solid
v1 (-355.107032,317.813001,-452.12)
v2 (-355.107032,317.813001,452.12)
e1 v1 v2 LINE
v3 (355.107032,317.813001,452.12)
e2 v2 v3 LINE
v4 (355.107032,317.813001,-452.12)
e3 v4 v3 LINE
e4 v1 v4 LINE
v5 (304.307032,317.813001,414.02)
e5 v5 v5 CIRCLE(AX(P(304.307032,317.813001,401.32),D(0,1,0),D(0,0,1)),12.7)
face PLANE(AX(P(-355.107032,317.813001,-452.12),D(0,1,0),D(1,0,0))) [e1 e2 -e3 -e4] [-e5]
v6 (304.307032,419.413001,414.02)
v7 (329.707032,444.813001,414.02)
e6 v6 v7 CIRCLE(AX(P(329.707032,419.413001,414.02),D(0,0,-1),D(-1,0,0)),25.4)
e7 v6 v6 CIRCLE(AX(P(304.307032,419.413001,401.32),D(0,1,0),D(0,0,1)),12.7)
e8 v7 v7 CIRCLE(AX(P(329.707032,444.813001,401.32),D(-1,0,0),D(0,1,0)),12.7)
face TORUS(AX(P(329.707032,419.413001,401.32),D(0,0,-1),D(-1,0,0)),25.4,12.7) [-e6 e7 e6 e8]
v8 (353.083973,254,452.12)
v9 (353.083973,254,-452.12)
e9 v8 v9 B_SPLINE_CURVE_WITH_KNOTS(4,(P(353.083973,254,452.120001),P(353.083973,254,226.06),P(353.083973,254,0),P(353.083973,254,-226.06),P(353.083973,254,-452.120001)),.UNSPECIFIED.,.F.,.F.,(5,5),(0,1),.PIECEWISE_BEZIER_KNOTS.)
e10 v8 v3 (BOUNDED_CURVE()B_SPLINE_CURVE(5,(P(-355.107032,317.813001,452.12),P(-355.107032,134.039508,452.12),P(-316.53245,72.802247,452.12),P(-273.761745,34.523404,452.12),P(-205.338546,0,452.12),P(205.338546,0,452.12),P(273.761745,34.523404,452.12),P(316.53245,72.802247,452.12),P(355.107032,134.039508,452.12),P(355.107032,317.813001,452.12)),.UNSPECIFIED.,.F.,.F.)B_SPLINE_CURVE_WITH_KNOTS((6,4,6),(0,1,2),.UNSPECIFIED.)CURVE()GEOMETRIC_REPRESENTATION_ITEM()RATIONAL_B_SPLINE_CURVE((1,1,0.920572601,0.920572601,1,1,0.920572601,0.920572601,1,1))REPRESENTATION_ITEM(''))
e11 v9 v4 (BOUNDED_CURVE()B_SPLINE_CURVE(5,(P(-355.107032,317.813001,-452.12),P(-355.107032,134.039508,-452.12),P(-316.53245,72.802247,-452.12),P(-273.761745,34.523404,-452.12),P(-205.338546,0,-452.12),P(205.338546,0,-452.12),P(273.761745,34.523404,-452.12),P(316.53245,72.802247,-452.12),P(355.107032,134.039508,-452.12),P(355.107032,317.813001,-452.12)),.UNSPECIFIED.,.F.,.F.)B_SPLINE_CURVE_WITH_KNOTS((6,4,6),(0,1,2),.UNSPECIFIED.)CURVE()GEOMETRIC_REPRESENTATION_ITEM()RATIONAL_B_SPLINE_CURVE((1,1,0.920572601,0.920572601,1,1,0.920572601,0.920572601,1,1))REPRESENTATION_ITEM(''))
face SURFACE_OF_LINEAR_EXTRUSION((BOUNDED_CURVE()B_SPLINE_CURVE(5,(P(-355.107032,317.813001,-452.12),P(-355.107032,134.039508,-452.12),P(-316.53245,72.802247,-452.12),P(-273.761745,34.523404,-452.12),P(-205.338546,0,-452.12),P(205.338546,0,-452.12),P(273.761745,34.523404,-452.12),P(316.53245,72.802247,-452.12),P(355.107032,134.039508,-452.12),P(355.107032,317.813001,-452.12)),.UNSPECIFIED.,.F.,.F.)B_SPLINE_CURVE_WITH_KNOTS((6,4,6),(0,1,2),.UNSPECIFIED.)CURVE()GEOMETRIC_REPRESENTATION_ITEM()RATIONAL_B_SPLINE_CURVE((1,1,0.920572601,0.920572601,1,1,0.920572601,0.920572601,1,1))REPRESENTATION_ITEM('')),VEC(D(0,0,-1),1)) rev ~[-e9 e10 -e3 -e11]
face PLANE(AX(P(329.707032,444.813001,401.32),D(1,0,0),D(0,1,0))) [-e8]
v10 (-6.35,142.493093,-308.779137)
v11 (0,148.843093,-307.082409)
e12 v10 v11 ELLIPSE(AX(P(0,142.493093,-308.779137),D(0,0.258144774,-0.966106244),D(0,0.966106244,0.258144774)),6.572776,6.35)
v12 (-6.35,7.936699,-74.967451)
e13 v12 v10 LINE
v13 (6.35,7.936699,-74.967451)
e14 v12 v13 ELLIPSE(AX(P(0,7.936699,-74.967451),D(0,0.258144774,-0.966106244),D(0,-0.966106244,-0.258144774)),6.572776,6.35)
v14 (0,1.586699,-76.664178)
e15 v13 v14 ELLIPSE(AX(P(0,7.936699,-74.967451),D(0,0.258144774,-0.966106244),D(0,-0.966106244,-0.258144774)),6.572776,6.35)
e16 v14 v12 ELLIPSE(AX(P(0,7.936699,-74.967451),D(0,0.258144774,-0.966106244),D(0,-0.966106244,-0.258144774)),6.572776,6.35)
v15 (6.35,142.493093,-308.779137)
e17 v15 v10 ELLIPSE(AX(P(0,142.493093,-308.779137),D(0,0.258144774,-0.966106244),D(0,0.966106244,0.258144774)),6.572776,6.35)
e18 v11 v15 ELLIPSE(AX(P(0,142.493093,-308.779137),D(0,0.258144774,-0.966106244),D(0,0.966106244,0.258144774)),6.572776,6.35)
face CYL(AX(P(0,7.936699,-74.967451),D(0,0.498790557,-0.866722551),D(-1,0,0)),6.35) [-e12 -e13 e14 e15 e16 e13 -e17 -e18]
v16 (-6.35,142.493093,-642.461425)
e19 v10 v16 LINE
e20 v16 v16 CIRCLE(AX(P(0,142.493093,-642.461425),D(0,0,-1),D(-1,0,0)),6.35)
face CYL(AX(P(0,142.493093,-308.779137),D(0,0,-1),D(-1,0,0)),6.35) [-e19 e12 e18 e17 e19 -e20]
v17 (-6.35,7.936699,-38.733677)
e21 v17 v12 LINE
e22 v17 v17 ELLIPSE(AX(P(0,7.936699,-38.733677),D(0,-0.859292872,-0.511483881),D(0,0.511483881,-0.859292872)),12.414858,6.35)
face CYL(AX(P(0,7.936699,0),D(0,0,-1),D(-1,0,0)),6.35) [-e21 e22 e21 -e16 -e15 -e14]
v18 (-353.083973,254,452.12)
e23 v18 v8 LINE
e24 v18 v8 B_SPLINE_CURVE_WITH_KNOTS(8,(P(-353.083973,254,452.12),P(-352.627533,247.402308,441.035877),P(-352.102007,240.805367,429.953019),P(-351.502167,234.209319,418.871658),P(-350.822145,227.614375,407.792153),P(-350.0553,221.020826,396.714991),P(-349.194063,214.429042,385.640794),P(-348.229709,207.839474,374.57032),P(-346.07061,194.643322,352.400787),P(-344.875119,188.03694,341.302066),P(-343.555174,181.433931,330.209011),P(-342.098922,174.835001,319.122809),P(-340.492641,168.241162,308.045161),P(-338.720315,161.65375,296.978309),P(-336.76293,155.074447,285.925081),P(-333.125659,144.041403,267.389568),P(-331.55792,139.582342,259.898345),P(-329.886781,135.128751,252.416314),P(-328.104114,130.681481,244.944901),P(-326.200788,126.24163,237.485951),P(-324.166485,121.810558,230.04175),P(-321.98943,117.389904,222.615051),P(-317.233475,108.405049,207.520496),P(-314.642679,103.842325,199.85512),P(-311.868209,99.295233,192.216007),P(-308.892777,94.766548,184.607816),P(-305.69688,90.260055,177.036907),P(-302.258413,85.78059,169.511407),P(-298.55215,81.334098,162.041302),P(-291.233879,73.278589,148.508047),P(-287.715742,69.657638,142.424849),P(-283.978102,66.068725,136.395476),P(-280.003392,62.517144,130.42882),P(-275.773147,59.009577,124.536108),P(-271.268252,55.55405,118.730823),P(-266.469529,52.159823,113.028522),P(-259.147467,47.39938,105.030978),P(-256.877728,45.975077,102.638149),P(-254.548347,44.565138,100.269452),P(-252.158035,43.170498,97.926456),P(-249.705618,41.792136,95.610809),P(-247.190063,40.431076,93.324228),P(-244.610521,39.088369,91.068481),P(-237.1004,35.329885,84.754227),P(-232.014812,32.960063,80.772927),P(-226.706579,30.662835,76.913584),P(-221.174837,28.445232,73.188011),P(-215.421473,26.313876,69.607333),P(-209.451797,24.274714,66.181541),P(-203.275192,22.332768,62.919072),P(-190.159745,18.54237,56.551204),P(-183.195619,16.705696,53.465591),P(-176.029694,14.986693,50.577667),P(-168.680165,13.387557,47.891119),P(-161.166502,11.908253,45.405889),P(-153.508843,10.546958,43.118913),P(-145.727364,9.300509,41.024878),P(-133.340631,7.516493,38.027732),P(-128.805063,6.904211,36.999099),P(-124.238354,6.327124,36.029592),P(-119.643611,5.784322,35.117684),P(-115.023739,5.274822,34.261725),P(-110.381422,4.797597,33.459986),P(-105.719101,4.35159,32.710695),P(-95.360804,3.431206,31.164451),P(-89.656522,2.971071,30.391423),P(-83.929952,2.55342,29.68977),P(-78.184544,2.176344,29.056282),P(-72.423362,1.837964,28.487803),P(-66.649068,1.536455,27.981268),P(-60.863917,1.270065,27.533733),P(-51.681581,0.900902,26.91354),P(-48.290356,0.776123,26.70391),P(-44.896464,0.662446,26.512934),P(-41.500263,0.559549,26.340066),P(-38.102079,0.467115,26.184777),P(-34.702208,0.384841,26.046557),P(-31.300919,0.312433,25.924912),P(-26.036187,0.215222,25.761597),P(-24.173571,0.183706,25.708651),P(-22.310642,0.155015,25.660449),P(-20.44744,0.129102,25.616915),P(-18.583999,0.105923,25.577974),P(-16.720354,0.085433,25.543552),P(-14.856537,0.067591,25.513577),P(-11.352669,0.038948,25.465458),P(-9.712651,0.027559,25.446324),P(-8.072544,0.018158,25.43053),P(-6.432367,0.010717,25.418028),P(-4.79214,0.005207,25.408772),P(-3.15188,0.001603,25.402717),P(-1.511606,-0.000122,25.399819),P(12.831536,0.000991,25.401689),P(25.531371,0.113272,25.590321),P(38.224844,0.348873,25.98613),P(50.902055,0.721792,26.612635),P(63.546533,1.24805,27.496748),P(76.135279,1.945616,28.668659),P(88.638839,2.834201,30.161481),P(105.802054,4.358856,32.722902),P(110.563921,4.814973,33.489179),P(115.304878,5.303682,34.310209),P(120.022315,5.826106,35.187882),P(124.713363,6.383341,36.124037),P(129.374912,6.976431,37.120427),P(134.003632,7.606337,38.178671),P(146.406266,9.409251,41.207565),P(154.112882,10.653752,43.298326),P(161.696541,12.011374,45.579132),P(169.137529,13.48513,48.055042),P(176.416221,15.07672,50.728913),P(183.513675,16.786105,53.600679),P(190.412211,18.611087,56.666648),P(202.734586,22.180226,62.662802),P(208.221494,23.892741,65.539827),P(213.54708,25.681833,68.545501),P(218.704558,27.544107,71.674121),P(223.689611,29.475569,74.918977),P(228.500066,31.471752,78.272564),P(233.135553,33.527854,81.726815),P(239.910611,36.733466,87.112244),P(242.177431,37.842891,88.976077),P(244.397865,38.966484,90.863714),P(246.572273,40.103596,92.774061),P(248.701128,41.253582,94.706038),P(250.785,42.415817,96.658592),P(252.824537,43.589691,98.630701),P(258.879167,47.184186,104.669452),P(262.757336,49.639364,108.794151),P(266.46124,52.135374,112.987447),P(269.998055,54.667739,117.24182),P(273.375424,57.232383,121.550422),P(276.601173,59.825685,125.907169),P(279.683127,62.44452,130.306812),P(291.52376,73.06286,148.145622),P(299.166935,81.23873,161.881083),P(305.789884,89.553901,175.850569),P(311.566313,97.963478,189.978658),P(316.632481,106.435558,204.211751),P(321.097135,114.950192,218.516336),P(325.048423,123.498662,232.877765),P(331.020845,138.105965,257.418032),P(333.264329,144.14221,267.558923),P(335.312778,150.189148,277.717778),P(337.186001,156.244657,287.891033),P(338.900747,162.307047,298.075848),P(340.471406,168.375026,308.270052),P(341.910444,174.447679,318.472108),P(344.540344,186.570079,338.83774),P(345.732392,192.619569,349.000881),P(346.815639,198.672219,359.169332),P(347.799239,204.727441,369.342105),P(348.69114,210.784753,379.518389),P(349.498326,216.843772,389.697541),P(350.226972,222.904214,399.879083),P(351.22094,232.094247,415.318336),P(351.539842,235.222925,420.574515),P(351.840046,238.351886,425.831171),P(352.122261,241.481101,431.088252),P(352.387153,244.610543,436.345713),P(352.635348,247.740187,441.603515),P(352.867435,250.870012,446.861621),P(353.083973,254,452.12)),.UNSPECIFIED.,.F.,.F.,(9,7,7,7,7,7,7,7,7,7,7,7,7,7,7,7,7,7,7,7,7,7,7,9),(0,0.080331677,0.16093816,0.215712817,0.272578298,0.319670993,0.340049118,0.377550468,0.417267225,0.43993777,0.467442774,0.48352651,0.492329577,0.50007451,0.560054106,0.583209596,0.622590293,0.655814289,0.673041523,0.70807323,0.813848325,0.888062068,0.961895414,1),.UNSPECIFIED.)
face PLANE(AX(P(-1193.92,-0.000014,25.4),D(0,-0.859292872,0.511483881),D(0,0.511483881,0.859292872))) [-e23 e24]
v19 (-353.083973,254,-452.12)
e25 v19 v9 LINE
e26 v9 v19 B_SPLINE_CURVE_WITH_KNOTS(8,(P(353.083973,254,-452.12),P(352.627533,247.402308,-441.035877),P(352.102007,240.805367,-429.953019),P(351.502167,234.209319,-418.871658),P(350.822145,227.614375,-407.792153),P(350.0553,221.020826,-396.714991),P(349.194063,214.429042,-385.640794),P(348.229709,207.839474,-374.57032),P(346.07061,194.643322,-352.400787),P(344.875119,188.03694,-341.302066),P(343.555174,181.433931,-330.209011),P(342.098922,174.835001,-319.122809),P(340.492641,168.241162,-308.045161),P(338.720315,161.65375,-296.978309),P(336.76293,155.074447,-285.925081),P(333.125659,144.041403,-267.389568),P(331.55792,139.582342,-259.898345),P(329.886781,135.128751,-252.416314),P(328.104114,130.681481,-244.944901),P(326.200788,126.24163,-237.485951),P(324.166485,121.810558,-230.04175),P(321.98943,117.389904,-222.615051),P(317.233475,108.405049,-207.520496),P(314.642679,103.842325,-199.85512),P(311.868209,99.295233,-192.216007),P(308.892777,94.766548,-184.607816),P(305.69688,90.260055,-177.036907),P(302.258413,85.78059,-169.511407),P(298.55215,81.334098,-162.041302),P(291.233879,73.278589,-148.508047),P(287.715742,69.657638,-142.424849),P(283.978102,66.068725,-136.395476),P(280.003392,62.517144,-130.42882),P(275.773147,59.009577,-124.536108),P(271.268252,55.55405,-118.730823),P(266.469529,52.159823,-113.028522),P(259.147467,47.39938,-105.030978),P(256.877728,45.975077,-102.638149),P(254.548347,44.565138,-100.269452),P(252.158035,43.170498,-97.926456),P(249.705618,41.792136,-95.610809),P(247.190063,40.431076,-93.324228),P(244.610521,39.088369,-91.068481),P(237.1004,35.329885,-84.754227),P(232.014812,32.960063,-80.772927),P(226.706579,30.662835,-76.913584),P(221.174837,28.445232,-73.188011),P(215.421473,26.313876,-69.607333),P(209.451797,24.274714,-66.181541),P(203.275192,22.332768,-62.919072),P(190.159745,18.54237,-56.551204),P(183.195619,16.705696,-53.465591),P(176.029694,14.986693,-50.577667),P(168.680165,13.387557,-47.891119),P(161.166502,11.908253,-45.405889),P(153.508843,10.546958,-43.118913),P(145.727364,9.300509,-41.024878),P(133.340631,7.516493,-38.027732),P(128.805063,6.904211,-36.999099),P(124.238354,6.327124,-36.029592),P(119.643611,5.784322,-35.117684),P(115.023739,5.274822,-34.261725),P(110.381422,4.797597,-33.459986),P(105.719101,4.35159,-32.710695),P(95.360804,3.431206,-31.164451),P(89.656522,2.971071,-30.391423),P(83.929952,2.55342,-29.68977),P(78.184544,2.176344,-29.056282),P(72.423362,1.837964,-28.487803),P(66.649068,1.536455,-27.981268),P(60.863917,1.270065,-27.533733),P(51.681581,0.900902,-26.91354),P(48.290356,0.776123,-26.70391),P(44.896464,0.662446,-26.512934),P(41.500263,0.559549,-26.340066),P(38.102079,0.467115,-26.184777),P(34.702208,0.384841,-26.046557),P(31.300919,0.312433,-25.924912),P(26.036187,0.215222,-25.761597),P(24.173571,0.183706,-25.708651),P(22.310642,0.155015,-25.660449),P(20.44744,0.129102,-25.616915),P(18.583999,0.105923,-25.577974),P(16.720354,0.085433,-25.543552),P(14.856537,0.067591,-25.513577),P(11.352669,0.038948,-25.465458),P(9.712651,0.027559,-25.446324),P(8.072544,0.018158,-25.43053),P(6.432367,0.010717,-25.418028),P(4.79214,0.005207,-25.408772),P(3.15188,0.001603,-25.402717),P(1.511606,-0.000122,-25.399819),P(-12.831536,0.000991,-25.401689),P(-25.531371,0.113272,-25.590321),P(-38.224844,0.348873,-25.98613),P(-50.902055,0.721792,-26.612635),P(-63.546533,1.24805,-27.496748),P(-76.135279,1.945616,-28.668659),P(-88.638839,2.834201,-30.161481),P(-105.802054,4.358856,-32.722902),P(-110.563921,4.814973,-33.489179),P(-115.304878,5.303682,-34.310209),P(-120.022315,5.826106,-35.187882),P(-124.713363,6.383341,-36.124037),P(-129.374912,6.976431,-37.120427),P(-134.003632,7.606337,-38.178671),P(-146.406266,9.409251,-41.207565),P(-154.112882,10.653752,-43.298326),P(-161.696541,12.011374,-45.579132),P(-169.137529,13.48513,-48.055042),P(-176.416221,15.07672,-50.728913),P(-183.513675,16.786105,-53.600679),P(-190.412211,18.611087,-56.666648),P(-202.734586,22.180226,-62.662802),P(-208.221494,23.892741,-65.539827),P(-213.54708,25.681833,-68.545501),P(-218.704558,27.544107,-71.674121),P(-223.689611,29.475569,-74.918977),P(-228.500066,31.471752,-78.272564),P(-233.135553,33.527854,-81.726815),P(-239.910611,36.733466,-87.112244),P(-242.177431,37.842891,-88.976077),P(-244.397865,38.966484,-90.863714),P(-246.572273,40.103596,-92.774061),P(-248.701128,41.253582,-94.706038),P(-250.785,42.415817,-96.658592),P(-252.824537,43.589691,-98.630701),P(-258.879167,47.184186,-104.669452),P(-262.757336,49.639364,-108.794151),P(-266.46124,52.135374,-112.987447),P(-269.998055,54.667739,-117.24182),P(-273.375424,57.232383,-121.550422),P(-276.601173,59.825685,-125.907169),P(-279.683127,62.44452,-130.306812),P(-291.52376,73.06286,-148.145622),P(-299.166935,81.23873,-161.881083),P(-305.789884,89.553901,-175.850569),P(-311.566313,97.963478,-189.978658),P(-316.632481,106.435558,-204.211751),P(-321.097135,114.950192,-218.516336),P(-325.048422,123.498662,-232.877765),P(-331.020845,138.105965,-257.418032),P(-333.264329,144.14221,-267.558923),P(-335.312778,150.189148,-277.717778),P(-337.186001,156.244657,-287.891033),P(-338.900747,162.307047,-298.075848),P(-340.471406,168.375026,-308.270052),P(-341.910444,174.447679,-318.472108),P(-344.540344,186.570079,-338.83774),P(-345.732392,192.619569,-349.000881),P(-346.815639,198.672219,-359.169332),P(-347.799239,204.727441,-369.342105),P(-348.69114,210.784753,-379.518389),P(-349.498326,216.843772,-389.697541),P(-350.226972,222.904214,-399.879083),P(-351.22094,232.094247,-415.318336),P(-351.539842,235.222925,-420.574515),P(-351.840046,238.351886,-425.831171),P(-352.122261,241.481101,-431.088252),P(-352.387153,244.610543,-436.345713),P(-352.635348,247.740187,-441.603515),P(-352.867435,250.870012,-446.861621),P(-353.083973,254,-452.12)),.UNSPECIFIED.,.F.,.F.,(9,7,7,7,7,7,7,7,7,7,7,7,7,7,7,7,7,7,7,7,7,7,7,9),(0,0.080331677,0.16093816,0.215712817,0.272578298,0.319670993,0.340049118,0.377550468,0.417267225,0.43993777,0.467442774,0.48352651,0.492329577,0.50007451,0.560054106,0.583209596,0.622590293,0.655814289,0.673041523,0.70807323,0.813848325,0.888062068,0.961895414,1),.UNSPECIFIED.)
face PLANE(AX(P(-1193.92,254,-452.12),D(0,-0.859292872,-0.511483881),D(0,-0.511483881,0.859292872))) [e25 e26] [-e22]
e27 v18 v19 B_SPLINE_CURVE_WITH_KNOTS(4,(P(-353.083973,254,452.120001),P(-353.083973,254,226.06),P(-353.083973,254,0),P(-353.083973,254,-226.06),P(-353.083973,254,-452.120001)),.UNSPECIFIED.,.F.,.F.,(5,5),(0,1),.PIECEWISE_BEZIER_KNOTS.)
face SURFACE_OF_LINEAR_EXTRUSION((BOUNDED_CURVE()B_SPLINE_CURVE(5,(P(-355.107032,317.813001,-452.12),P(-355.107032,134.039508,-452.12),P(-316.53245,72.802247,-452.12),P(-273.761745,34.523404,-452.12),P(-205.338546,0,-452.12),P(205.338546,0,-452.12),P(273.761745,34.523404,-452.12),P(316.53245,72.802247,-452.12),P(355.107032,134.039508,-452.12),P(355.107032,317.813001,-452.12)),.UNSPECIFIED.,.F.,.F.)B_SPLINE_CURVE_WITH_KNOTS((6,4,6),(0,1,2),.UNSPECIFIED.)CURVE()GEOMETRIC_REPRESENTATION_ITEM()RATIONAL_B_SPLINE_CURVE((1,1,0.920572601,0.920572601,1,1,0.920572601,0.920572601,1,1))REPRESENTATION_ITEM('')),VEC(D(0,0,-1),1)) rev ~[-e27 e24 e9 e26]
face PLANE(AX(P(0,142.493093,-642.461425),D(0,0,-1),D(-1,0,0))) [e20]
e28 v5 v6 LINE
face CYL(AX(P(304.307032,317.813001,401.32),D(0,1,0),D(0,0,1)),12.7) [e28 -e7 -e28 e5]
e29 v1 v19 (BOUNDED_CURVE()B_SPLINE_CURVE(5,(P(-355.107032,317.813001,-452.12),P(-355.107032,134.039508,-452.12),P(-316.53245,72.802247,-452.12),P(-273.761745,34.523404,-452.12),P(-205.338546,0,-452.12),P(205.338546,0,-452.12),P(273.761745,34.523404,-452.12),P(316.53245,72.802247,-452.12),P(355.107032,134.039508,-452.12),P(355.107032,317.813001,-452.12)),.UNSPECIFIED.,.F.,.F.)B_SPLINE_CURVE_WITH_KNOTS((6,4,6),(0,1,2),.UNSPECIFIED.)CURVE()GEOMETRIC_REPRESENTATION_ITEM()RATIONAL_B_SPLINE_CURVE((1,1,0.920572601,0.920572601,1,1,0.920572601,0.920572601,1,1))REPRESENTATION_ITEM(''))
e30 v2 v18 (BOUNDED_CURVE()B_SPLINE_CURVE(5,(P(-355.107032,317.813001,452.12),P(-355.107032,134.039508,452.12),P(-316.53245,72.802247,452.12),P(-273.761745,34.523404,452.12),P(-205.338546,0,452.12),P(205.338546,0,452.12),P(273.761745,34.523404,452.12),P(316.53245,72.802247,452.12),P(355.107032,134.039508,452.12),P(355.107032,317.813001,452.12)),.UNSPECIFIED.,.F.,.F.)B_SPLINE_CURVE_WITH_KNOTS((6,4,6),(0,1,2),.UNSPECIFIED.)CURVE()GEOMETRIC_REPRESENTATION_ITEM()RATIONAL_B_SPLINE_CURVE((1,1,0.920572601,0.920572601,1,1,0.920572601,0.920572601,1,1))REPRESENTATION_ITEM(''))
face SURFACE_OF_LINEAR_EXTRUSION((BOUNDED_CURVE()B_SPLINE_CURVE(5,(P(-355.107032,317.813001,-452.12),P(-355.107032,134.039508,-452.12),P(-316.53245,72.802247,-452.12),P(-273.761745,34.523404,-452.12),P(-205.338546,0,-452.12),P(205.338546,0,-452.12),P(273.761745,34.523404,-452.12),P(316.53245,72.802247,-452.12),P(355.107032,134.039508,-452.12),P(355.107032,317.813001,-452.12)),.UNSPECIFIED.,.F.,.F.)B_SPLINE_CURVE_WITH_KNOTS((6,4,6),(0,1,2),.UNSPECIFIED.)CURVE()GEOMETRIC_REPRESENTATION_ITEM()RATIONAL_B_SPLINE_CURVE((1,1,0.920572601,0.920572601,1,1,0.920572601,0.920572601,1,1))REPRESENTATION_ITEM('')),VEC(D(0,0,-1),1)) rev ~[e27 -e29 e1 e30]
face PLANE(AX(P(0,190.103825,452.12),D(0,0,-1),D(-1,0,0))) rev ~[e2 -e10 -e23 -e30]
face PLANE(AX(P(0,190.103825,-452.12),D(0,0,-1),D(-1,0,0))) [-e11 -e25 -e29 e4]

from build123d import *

# Parameters (mm, degrees)
BOSS_EXTRUDE1_DEPTH      = 452.12
BOSS_EXTRUDE1_DEPTH_BACK = 452.12
SPLIT1_SURFACE_1_BACK    = 1193.92
SPLIT1_SURFACE_1_DEPTH   = 2387.84
SPLIT1_SURFACE_2_BACK    = 1193.92
SPLIT1_SURFACE_2_DEPTH   = 2387.84
SPLIT2_SURFACE_3_BACK    = 1193.92
SPLIT2_SURFACE_3_DEPTH   = 2387.84
SWEEP2_PROFILE_R         = 12.7
SWEEP3_PROFILE_R         = 6.35


with BuildPart() as part:
    # Sketch1 → Boss-Extrude1 (new, two sides: drawn at the far end of the back side and taken through both)
    with BuildSketch(Plane.XY.offset(-BOSS_EXTRUDE1_DEPTH_BACK)):
        with BuildLine():
            Line((-355.107031778, 317.813001305), (355.107031778, 317.813001305))
            add(Edge.make_bspline(
                [(355.107031778, 317.813001305), (355.107031778, 0), (0, 0)],
                knots=[0, 0, 0, 1, 1, 1], degree=2, weights=[1, 1.445610253, 1]))
            add(Edge.make_bspline(
                [(-355.107031778, 317.813001305), (-355.107031778, 0), (0, 0)],
                knots=[0, 0, 0, 1, 1, 1], degree=2, weights=[1, 1.445610253, 1]))
        make_face()
    extrude(amount=BOSS_EXTRUDE1_DEPTH + BOSS_EXTRUDE1_DEPTH_BACK)


with BuildPart() as body_2:
    # Split1: the piece behind the surface
    add(part.part)
    # Split1 surface: a surface, the sketch's curves swept straight by 2387.84 mm
    with BuildLine(Plane.XY.offset(-SPLIT1_SURFACE_1_BACK), mode=Mode.PRIVATE) as split1_surface_1_path:
        Line((-375.613705312, 254), (390.111595474, 254))
    split1_surface_1 = Shell.extrude(split1_surface_1_path.wire(), (0 * SPLIT1_SURFACE_1_DEPTH, 0 * SPLIT1_SURFACE_1_DEPTH, 1 * SPLIT1_SURFACE_1_DEPTH))
    split(bisect_by=split1_surface_1, keep=Keep.BOTTOM)

    # Split2: cut with a surface, the side behind it stays
    # Split2 surface: a surface, the sketch's curves swept straight by 2387.84 mm
    with BuildLine(Plane(origin=(0, 0, 0), x_dir=(0, 0, -1), z_dir=(1, 0, 0)).offset(-SPLIT2_SURFACE_3_BACK), mode=Mode.PRIVATE) as split2_surface_3_path:
        Line((452.12, 254), (25.4, -1.4429e-05))
        Line((25.4, -1.4429e-05), (0, 0))
        Line((0, 0), (-25.4, -1.4429e-05))
        Line((-25.4, -1.4429e-05), (-452.12, 254))
    split2_surface_3 = Shell.extrude(split2_surface_3_path.wire(), (1 * SPLIT2_SURFACE_3_DEPTH, 0 * SPLIT2_SURFACE_3_DEPTH, 0 * SPLIT2_SURFACE_3_DEPTH))
    split(bisect_by=split2_surface_3, keep=Keep.BOTTOM)


with BuildPart() as part_1:
    add(part.part)

    # Split1: split by a surface, the side it looks to stays
    # Split1 surface: a surface, the sketch's curves swept straight by 2387.84 mm
    with BuildLine(Plane.XY.offset(-SPLIT1_SURFACE_2_BACK), mode=Mode.PRIVATE) as split1_surface_2_path:
        Line((-375.613705312, 254), (390.111595474, 254))
    split1_surface_2 = Shell.extrude(split1_surface_2_path.wire(), (0 * SPLIT1_SURFACE_2_DEPTH, 0 * SPLIT1_SURFACE_2_DEPTH, 1 * SPLIT1_SURFACE_2_DEPTH))
    split(bisect_by=split1_surface_2, keep=Keep.TOP)

    # Combine1: union body 2
    add(body_2.part)

    # Sweep2: sweep along a path in Sketch11
    with BuildLine(Plane.XY.offset(401.32)) as sweep2_path:
        Line((304.307031778, 317.813001305), (304.307031778, 419.413001305))
        ThreePointArc((304.307031778, 419.413001305), (311.746519536, 437.373513547), (329.707031778, 444.813001305))
    # Sweep2 profile (on start of the path) → Sweep2 (sweep)
    with BuildSketch(Plane(origin=(304.307031778, 317.813001305, 401.32), x_dir=(0, 0, 1), z_dir=(0, 1, 0))):
        Circle(SWEEP2_PROFILE_R)
    sweep(path=sweep2_path.line)

    # Sweep3: sweep along a path in Sketch29
    with BuildLine(Plane(origin=(0, 0, 0), x_dir=(0, 0, -1), z_dir=(1, 0, 0))) as sweep3_path:
        Line((0, 7.936698782), (74.967450517, 7.936698782))
        Line((74.967450517, 7.936698782), (308.779136536, 142.493092911))
        Line((308.779136536, 142.493092911), (642.461424741, 142.493092911))
    # Sweep3 profile (on start of the path) → Sweep3 (sweep)
    with BuildSketch(Plane(origin=(0, 7.936698782, 0), x_dir=(-1, 0, 0), z_dir=(0, 0, -1))):
        Circle(SWEEP3_PROFILE_R)
    sweep(path=sweep3_path.line, transition=Transition.RIGHT)


solid = part_1.part
